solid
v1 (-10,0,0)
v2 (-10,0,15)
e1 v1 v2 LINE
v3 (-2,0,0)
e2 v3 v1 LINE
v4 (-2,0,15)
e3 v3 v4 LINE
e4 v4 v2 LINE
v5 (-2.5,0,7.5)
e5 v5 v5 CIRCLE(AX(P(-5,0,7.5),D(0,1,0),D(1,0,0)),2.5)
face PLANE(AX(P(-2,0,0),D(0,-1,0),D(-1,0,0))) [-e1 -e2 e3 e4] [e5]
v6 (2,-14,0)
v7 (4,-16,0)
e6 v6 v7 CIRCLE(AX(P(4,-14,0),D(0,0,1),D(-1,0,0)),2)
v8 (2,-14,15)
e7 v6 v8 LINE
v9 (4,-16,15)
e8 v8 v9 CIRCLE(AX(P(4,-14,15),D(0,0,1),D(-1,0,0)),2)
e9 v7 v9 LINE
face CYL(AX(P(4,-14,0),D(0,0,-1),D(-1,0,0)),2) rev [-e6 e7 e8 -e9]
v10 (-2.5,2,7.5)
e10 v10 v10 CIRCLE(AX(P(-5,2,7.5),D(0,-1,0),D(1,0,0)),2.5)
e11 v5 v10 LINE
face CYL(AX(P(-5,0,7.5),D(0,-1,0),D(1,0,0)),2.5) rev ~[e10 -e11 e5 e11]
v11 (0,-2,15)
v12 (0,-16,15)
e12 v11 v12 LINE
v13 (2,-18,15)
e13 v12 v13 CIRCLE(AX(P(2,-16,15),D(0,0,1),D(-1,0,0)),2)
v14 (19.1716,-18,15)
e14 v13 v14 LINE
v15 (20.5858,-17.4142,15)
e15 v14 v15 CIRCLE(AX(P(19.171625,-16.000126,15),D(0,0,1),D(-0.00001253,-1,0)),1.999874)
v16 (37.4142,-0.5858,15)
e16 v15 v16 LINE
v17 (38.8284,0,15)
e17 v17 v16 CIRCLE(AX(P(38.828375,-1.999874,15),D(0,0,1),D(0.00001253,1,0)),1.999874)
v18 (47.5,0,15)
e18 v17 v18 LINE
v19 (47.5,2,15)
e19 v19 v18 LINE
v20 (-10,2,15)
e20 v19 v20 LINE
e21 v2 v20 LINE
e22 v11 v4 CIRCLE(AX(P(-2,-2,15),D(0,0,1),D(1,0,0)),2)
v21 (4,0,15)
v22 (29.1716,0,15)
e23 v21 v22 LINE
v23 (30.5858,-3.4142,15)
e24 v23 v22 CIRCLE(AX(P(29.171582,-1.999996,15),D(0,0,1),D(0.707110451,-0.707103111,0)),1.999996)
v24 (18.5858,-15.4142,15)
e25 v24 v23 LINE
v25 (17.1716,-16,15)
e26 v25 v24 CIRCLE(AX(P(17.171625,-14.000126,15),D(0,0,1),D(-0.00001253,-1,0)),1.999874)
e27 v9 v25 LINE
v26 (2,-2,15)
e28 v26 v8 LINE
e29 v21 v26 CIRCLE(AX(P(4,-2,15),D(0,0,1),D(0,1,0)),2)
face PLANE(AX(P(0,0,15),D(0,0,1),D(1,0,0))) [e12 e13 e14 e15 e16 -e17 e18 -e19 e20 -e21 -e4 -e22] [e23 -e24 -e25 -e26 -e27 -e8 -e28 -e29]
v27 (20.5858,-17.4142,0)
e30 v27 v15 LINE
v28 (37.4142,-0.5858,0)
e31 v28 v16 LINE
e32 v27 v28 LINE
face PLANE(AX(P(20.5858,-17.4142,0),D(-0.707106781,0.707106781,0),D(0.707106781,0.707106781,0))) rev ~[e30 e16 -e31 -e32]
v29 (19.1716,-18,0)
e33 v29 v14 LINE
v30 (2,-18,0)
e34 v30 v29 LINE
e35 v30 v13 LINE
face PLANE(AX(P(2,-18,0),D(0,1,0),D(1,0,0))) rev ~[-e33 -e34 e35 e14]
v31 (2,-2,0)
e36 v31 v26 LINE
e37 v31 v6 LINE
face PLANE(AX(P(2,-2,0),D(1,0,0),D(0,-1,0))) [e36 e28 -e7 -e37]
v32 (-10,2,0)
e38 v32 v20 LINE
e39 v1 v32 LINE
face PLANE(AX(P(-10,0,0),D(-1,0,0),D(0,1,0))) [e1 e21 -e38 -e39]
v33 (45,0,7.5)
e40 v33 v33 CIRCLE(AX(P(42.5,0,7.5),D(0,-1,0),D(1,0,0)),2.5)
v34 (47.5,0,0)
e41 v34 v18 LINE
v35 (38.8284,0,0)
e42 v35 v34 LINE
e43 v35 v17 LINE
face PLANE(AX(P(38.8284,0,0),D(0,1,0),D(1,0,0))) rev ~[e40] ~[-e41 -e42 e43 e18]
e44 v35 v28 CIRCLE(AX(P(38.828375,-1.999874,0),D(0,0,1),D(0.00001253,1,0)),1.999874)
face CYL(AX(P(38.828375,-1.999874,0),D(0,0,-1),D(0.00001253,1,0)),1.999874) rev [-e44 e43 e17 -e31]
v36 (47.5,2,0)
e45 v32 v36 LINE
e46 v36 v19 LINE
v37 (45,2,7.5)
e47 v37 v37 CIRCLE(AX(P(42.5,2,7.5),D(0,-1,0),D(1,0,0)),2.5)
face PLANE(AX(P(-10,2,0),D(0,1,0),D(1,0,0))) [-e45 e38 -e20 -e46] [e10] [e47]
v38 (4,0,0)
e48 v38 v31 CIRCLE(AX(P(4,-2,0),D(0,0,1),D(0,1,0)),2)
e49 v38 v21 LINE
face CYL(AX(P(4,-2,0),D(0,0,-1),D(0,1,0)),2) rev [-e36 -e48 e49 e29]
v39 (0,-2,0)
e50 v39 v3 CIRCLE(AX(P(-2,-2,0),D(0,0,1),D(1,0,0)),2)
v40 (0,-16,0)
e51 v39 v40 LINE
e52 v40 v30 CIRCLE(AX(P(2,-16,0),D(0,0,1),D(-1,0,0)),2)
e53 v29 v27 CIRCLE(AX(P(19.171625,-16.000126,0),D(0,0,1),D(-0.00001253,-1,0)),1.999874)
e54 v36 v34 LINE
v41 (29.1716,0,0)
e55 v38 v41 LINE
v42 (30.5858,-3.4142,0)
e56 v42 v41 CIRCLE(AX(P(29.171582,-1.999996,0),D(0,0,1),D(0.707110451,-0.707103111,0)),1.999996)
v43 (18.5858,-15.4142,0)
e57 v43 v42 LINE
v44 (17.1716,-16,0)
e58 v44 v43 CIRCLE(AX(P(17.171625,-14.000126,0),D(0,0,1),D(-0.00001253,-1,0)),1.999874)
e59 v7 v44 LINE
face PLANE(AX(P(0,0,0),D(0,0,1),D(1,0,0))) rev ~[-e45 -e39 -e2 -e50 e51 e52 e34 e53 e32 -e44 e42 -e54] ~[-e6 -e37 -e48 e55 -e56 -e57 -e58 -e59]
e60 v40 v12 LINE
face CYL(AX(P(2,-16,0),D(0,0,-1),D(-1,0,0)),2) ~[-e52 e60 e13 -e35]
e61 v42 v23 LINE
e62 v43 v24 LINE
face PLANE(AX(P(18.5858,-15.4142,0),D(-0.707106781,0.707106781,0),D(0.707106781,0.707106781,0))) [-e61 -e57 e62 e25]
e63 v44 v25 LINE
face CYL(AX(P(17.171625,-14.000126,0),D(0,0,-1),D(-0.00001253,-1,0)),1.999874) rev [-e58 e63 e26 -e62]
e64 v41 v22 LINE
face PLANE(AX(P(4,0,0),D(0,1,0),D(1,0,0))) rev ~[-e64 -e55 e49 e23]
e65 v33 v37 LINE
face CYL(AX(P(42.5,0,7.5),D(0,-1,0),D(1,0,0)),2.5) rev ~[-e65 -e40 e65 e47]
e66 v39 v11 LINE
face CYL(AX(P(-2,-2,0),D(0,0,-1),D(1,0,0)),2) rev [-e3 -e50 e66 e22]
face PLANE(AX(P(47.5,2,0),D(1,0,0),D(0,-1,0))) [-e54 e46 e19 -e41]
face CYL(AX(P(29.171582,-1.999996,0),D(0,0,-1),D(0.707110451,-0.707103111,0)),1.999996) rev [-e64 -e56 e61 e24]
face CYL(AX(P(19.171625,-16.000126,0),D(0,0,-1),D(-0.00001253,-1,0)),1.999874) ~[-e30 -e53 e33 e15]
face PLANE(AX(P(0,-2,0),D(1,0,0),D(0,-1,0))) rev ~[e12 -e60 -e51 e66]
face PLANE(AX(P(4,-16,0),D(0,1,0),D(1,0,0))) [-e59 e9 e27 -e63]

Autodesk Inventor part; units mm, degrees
ref_plane "YZ Plane" through (0, 0, 0) normal (1, 0, 0) x (0, 1, 0)
ref_plane "XZ Plane" through (0, 0, 0) normal (0, 1, 0) x (-1, 0, 0)
ref_plane "XY Plane" through (0, 0, 0) normal (0, 0, 1) x (1, 0, 0)
sketch "Sketch1" plane through (0, 0, 0) normal (0, 0, 1) x (1, 0, 0)
  line L0 (0, -2) -> (0, -16)
  line L1 (2, -18) -> (19.1716, -18)
  line L2 (2, -2) -> (2, -14)
  line L3 (4, -16) -> (17.1716, -16)
  line L4 (20.5858, -17.4142) -> (37.4142, -0.5858)
  line L5 (18.5858, -15.4142) -> (30.5858, -3.4142)
  arc A0 (2, -14) -> (4, -16) centre (4, -14) ccw
  arc A1 (0, -16) -> (2, -18) centre (2, -16) ccw
  arc A2 (19.1716, -18) -> (20.5858, -17.4142) centre (19.1716, -16) ccw
  arc A3 (17.1716, -16) -> (18.5858, -15.4142) centre (17.1716, -14) ccw
  arc A4 (30.5858, -3.4142) -> (29.1716, 0) centre (29.1716, -2) ccw
  arc A5 (38.8284, 0) -> (37.4142, -0.5858) centre (38.8284, -2) ccw
  line L6 (2, -2) -> (2, -2)
  line L7 (-2, 0) -> (-10, 0)
  arc A6 (0, -2) -> (-2, 0) centre (-2, -2) ccw
  line L8 (-10, 0) -> (-10, 2)
  line L9 (-10, 2) -> (47.5, 2)
  line L10 (47.5, 2) -> (47.5, 0)
  arc A7 (4, 0) -> (2, -2) centre (4, -2) ccw
  line L11 (-10, 0) -> (-2, 0)
  line L12 (4, 0) -> (29.1716, 0)
  line L13 (38.8284, 0) -> (47.5, 0)
  line L14 (4, 0) -> (29.1716, 0)
  line L15 (38.8284, 0) -> (47.5, 0)
  line L16 (38.8284, 0) -> (38.8284, 2)
  point P0 (0, 0)
  point P1 (0, 0)
  point P2 (0, -18)
  point P3 (20, -18)
  point P4 (22, -16)
  point P5 (38, 0)
  point P6 (34, 0)
  point P7 (34, 0)
  dimension "d0" = 18
  dimension "d1" = 20
  dimension "d2" = 2
  dimension "d3" = 2
  dimension "d4" = 2
  dimension "d5" = 2
  dimension "d6" = 10
  dimension "d7" = 2
  dimension "d8" = 2
  dimension "d9" = 2
extrude "Extrusion1" add sketch "Sketch1" along normal blind 15
sketch "Sketch2" plane through (38.8284, 0, 0) normal (0, -1, 0) x (1, 0, 0)
  line L0 (8.6716, 0) -> (-48.8284, 0) projected
  line L1 (-48.8284, 0) -> (-48.8284, 5)
  line L2 (-48.8284, 0) -> (-48.8284, 15) projected
  line L3 (-48.8284, 5) -> (-48.8284, 0)
  line L4 (8.6716, 15) -> (-48.8284, 15) projected
  line L5 (-48.8284, 0) -> (-48.8284, 15)
  line L6 (-48.8284, 15) -> (-48.8284, 7.5)
  line L7 (-48.8284, 0) -> (-48.8284, 15) projected
  line L8 (-40.8284, 15) -> (-38.8284, 15) projected
  line L9 (-48.8284, 15) -> (-38.8284, 15)
  line L10 (-38.8284, 15) -> (-43.8284, 15)
  line L11 (-43.8284, 15) -> (-43.8284, 7.5)
  line L12 (-48.8284, 15) -> (-40.8284, 15) projected
  circle A0 centre (-43.8284, 7.5) radius 2.5
  line L13 (-18.2426, 15) -> (-1.4142, 15) projected
  line L14 (8.6716, 15) -> (-1.4142, 15)
  line L15 (-1.4142, 15) -> (4.3358, 15)
  line L16 (0, 15) -> (8.6716, 15) projected
  line L17 (8.6716, 0) -> (8.6716, 15) projected
  line L18 (8.6716, 15) -> (-48.8284, 15)
  line L19 (-48.8284, 15) -> (-48.8284, 0)
  line L20 (-48.8284, 0) -> (8.6716, 0)
  line L21 (8.6716, 0) -> (8.6716, 15)
  line L22 (8.6716, 7.5) -> (3.6716, 7.5)
  circle A1 centre (3.6716, 7.5) radius 2.5
  line L23 (-43.8284, 7.5) -> (-48.8284, 7.5)
  point P0 (-38.8284, 0)
  dimension "d12" = 5
  dimension "d13" = 5
  dimension "d19" = 5
  dimension "d26" = 5
  dimension "d27" = 5
extrude "Extrusion3" cut sketch "Sketch2" against normal blind 10 contours A1 | L23 L11 A0 | A0 L11 L23
properties part number "Motor_shroud"
